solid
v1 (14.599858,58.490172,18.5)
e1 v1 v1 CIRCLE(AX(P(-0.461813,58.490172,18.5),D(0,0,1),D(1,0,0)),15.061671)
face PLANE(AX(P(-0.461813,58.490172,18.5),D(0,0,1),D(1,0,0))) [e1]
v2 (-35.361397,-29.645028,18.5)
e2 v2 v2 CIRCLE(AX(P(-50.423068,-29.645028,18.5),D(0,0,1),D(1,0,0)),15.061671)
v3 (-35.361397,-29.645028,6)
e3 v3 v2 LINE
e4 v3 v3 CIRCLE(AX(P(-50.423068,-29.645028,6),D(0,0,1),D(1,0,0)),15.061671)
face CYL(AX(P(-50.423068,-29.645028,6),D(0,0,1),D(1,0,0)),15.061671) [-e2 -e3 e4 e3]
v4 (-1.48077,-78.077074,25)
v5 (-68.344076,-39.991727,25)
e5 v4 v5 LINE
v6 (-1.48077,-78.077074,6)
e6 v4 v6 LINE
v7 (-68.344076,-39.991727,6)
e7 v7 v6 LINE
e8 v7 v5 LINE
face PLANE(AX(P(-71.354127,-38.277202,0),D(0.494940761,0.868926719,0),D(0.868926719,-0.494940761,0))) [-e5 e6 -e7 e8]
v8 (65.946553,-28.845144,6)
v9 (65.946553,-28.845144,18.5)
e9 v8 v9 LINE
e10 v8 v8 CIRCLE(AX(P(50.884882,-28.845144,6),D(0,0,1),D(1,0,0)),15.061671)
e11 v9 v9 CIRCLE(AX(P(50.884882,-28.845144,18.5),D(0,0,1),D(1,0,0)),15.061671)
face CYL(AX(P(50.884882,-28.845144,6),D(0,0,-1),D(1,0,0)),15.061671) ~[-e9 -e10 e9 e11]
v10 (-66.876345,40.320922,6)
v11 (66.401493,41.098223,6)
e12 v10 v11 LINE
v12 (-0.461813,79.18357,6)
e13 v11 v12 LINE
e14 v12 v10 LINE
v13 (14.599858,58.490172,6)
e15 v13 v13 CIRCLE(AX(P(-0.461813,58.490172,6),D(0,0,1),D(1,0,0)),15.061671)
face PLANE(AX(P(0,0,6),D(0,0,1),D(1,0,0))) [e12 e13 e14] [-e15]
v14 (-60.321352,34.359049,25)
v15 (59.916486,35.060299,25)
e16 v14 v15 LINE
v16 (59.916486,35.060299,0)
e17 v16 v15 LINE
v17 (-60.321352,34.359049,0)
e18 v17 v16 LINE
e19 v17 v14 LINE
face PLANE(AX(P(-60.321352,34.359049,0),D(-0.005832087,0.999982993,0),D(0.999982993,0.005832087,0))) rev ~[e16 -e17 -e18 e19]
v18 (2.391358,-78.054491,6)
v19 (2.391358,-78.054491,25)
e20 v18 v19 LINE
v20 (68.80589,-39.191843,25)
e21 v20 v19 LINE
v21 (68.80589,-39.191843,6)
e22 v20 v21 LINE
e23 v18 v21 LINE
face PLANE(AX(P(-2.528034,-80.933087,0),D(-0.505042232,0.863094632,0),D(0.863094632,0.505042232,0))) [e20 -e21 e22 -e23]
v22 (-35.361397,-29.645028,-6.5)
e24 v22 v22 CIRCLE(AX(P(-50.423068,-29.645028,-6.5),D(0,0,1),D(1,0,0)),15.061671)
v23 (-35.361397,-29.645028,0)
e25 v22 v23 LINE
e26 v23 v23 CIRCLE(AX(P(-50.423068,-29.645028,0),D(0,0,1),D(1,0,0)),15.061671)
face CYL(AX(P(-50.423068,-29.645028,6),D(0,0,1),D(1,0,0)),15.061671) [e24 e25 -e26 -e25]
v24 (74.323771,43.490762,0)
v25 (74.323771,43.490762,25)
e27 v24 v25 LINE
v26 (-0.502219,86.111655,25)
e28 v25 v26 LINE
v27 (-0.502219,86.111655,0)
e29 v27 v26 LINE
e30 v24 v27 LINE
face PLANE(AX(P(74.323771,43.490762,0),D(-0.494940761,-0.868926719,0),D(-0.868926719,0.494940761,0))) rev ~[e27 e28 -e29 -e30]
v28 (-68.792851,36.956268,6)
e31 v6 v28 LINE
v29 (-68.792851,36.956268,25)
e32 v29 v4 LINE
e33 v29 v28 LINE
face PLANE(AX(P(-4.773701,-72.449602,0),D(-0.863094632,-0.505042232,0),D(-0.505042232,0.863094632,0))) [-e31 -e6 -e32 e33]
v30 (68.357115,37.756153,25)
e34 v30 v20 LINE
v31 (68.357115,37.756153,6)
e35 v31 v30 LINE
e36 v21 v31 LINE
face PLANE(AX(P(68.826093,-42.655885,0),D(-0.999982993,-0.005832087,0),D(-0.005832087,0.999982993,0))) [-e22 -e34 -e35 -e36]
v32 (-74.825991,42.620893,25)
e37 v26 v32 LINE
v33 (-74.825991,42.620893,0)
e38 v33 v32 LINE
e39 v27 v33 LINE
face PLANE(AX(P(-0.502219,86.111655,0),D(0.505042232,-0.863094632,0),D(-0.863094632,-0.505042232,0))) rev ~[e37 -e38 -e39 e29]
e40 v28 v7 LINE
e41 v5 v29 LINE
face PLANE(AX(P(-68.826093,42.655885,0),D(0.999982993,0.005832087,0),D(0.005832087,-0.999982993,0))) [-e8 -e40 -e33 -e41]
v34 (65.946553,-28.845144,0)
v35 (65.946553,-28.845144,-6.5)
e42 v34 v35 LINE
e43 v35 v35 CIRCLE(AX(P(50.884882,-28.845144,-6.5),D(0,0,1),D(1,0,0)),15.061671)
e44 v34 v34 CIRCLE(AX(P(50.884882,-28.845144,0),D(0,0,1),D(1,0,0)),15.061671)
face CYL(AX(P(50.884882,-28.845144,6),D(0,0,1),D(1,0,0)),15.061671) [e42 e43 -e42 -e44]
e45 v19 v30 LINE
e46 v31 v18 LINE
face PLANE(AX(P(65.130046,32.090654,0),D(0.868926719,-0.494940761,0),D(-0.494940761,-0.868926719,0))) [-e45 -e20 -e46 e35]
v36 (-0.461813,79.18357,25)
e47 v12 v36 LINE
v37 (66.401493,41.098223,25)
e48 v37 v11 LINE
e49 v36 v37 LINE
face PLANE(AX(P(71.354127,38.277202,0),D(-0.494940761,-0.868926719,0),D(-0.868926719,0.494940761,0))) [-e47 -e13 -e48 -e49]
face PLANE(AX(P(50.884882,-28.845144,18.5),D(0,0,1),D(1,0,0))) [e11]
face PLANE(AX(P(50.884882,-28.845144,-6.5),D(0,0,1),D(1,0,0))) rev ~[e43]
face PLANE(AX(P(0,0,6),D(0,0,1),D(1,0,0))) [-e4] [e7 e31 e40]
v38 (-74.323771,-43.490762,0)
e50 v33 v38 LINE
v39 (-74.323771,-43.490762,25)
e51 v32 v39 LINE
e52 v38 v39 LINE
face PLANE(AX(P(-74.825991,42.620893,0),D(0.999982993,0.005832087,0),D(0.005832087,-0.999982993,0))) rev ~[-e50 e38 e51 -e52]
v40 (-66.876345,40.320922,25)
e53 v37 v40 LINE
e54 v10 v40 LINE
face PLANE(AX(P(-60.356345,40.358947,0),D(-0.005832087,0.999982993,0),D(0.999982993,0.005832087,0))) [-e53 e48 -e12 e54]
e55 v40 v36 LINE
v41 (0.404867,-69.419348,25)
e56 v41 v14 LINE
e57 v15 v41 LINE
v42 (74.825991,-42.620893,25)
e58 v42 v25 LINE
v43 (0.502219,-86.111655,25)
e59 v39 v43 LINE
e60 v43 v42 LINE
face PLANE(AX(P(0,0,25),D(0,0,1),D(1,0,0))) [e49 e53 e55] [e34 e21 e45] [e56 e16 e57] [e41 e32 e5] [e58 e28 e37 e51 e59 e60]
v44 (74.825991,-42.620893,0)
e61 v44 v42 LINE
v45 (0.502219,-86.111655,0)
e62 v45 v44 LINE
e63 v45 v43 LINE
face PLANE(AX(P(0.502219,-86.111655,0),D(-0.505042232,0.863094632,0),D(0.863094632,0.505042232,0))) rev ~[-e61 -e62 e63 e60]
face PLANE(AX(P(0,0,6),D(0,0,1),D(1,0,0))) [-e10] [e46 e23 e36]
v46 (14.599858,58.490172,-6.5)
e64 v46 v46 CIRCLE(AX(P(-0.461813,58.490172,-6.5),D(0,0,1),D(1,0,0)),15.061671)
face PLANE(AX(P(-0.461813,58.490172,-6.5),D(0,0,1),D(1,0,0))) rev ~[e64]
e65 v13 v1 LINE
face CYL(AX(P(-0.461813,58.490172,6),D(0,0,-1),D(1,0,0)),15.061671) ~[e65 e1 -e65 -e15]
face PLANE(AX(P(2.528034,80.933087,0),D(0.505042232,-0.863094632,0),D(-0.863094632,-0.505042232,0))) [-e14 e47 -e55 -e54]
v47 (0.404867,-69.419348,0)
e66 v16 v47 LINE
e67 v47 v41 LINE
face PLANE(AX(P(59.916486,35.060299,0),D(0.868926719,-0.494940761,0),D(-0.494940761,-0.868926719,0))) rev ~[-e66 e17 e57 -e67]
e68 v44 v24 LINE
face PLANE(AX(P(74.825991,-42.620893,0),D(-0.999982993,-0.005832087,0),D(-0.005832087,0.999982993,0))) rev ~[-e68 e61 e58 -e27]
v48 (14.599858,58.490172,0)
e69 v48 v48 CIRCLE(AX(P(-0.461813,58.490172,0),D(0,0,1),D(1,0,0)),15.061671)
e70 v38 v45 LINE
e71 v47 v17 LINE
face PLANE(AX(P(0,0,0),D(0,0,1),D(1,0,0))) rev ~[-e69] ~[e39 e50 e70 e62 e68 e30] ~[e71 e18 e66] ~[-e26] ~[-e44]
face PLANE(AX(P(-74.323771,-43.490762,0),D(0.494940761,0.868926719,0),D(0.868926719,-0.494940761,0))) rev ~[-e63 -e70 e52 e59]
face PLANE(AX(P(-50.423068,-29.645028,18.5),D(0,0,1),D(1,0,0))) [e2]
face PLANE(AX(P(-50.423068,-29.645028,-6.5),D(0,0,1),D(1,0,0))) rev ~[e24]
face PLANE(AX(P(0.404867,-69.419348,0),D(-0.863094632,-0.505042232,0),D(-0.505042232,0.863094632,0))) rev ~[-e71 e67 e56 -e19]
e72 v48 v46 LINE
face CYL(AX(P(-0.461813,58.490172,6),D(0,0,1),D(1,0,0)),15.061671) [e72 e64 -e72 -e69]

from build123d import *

# Parameters (mm, degrees)
F1_DEPTH = 25
F2_T     = -6
F4_R     = 15.0616711188
F5_DEPTH = 12.5


with BuildPart() as f1:
    # F0 (on Top) → F1 (new body)
    with BuildSketch(Plane.XY):
        Polygon((74.3237713212, 43.4907621871), (-0.5022192234, 86.1116551627), (-74.8259905445, 42.6208929757), (-74.3237713212, -43.4907621871), (0.5022192234, -86.1116551627), (74.8259905445, -42.6208929757), align=None)
        Polygon((0.4048665783, -69.4193482725), (-60.3213524073, 34.3590493943), (59.916485829, 35.0602988782), align=None, mode=Mode.SUBTRACT)
    extrude(amount=F1_DEPTH)

    # F2
    f2_openings = [f1.faces().sort_by_distance(p)[0] for p in [
        (35.781524, 62.818673, 25),
    ]]
    offset(amount=F2_T, openings=f2_openings, kind=Kind.INTERSECTION)

    # F4 (on face) → F5 (join, symmetric)
    with BuildSketch(Plane.XY.offset(6)):
        with Locations((-0.461813338, 58.4901720285)):
            Circle(F4_R)
        with Locations((50.8848815174, -28.8451439318)):
            Circle(F4_R)
        with Locations((-50.4230681795, -29.6450280968)):
            Circle(F4_R)
    extrude(amount=F5_DEPTH, both=True)


with BuildPart() as f1b:
    # F0 (on Top) → F1, piece 2 (new body)
    with BuildSketch(Plane.XY):
        Polygon((29.9582429145, 17.5301494391), (-30.1606762036, 17.1795246971), (0.2024332891, -34.7096741362), align=None)
    extrude(amount=F1_DEPTH)


solid = f1.part
